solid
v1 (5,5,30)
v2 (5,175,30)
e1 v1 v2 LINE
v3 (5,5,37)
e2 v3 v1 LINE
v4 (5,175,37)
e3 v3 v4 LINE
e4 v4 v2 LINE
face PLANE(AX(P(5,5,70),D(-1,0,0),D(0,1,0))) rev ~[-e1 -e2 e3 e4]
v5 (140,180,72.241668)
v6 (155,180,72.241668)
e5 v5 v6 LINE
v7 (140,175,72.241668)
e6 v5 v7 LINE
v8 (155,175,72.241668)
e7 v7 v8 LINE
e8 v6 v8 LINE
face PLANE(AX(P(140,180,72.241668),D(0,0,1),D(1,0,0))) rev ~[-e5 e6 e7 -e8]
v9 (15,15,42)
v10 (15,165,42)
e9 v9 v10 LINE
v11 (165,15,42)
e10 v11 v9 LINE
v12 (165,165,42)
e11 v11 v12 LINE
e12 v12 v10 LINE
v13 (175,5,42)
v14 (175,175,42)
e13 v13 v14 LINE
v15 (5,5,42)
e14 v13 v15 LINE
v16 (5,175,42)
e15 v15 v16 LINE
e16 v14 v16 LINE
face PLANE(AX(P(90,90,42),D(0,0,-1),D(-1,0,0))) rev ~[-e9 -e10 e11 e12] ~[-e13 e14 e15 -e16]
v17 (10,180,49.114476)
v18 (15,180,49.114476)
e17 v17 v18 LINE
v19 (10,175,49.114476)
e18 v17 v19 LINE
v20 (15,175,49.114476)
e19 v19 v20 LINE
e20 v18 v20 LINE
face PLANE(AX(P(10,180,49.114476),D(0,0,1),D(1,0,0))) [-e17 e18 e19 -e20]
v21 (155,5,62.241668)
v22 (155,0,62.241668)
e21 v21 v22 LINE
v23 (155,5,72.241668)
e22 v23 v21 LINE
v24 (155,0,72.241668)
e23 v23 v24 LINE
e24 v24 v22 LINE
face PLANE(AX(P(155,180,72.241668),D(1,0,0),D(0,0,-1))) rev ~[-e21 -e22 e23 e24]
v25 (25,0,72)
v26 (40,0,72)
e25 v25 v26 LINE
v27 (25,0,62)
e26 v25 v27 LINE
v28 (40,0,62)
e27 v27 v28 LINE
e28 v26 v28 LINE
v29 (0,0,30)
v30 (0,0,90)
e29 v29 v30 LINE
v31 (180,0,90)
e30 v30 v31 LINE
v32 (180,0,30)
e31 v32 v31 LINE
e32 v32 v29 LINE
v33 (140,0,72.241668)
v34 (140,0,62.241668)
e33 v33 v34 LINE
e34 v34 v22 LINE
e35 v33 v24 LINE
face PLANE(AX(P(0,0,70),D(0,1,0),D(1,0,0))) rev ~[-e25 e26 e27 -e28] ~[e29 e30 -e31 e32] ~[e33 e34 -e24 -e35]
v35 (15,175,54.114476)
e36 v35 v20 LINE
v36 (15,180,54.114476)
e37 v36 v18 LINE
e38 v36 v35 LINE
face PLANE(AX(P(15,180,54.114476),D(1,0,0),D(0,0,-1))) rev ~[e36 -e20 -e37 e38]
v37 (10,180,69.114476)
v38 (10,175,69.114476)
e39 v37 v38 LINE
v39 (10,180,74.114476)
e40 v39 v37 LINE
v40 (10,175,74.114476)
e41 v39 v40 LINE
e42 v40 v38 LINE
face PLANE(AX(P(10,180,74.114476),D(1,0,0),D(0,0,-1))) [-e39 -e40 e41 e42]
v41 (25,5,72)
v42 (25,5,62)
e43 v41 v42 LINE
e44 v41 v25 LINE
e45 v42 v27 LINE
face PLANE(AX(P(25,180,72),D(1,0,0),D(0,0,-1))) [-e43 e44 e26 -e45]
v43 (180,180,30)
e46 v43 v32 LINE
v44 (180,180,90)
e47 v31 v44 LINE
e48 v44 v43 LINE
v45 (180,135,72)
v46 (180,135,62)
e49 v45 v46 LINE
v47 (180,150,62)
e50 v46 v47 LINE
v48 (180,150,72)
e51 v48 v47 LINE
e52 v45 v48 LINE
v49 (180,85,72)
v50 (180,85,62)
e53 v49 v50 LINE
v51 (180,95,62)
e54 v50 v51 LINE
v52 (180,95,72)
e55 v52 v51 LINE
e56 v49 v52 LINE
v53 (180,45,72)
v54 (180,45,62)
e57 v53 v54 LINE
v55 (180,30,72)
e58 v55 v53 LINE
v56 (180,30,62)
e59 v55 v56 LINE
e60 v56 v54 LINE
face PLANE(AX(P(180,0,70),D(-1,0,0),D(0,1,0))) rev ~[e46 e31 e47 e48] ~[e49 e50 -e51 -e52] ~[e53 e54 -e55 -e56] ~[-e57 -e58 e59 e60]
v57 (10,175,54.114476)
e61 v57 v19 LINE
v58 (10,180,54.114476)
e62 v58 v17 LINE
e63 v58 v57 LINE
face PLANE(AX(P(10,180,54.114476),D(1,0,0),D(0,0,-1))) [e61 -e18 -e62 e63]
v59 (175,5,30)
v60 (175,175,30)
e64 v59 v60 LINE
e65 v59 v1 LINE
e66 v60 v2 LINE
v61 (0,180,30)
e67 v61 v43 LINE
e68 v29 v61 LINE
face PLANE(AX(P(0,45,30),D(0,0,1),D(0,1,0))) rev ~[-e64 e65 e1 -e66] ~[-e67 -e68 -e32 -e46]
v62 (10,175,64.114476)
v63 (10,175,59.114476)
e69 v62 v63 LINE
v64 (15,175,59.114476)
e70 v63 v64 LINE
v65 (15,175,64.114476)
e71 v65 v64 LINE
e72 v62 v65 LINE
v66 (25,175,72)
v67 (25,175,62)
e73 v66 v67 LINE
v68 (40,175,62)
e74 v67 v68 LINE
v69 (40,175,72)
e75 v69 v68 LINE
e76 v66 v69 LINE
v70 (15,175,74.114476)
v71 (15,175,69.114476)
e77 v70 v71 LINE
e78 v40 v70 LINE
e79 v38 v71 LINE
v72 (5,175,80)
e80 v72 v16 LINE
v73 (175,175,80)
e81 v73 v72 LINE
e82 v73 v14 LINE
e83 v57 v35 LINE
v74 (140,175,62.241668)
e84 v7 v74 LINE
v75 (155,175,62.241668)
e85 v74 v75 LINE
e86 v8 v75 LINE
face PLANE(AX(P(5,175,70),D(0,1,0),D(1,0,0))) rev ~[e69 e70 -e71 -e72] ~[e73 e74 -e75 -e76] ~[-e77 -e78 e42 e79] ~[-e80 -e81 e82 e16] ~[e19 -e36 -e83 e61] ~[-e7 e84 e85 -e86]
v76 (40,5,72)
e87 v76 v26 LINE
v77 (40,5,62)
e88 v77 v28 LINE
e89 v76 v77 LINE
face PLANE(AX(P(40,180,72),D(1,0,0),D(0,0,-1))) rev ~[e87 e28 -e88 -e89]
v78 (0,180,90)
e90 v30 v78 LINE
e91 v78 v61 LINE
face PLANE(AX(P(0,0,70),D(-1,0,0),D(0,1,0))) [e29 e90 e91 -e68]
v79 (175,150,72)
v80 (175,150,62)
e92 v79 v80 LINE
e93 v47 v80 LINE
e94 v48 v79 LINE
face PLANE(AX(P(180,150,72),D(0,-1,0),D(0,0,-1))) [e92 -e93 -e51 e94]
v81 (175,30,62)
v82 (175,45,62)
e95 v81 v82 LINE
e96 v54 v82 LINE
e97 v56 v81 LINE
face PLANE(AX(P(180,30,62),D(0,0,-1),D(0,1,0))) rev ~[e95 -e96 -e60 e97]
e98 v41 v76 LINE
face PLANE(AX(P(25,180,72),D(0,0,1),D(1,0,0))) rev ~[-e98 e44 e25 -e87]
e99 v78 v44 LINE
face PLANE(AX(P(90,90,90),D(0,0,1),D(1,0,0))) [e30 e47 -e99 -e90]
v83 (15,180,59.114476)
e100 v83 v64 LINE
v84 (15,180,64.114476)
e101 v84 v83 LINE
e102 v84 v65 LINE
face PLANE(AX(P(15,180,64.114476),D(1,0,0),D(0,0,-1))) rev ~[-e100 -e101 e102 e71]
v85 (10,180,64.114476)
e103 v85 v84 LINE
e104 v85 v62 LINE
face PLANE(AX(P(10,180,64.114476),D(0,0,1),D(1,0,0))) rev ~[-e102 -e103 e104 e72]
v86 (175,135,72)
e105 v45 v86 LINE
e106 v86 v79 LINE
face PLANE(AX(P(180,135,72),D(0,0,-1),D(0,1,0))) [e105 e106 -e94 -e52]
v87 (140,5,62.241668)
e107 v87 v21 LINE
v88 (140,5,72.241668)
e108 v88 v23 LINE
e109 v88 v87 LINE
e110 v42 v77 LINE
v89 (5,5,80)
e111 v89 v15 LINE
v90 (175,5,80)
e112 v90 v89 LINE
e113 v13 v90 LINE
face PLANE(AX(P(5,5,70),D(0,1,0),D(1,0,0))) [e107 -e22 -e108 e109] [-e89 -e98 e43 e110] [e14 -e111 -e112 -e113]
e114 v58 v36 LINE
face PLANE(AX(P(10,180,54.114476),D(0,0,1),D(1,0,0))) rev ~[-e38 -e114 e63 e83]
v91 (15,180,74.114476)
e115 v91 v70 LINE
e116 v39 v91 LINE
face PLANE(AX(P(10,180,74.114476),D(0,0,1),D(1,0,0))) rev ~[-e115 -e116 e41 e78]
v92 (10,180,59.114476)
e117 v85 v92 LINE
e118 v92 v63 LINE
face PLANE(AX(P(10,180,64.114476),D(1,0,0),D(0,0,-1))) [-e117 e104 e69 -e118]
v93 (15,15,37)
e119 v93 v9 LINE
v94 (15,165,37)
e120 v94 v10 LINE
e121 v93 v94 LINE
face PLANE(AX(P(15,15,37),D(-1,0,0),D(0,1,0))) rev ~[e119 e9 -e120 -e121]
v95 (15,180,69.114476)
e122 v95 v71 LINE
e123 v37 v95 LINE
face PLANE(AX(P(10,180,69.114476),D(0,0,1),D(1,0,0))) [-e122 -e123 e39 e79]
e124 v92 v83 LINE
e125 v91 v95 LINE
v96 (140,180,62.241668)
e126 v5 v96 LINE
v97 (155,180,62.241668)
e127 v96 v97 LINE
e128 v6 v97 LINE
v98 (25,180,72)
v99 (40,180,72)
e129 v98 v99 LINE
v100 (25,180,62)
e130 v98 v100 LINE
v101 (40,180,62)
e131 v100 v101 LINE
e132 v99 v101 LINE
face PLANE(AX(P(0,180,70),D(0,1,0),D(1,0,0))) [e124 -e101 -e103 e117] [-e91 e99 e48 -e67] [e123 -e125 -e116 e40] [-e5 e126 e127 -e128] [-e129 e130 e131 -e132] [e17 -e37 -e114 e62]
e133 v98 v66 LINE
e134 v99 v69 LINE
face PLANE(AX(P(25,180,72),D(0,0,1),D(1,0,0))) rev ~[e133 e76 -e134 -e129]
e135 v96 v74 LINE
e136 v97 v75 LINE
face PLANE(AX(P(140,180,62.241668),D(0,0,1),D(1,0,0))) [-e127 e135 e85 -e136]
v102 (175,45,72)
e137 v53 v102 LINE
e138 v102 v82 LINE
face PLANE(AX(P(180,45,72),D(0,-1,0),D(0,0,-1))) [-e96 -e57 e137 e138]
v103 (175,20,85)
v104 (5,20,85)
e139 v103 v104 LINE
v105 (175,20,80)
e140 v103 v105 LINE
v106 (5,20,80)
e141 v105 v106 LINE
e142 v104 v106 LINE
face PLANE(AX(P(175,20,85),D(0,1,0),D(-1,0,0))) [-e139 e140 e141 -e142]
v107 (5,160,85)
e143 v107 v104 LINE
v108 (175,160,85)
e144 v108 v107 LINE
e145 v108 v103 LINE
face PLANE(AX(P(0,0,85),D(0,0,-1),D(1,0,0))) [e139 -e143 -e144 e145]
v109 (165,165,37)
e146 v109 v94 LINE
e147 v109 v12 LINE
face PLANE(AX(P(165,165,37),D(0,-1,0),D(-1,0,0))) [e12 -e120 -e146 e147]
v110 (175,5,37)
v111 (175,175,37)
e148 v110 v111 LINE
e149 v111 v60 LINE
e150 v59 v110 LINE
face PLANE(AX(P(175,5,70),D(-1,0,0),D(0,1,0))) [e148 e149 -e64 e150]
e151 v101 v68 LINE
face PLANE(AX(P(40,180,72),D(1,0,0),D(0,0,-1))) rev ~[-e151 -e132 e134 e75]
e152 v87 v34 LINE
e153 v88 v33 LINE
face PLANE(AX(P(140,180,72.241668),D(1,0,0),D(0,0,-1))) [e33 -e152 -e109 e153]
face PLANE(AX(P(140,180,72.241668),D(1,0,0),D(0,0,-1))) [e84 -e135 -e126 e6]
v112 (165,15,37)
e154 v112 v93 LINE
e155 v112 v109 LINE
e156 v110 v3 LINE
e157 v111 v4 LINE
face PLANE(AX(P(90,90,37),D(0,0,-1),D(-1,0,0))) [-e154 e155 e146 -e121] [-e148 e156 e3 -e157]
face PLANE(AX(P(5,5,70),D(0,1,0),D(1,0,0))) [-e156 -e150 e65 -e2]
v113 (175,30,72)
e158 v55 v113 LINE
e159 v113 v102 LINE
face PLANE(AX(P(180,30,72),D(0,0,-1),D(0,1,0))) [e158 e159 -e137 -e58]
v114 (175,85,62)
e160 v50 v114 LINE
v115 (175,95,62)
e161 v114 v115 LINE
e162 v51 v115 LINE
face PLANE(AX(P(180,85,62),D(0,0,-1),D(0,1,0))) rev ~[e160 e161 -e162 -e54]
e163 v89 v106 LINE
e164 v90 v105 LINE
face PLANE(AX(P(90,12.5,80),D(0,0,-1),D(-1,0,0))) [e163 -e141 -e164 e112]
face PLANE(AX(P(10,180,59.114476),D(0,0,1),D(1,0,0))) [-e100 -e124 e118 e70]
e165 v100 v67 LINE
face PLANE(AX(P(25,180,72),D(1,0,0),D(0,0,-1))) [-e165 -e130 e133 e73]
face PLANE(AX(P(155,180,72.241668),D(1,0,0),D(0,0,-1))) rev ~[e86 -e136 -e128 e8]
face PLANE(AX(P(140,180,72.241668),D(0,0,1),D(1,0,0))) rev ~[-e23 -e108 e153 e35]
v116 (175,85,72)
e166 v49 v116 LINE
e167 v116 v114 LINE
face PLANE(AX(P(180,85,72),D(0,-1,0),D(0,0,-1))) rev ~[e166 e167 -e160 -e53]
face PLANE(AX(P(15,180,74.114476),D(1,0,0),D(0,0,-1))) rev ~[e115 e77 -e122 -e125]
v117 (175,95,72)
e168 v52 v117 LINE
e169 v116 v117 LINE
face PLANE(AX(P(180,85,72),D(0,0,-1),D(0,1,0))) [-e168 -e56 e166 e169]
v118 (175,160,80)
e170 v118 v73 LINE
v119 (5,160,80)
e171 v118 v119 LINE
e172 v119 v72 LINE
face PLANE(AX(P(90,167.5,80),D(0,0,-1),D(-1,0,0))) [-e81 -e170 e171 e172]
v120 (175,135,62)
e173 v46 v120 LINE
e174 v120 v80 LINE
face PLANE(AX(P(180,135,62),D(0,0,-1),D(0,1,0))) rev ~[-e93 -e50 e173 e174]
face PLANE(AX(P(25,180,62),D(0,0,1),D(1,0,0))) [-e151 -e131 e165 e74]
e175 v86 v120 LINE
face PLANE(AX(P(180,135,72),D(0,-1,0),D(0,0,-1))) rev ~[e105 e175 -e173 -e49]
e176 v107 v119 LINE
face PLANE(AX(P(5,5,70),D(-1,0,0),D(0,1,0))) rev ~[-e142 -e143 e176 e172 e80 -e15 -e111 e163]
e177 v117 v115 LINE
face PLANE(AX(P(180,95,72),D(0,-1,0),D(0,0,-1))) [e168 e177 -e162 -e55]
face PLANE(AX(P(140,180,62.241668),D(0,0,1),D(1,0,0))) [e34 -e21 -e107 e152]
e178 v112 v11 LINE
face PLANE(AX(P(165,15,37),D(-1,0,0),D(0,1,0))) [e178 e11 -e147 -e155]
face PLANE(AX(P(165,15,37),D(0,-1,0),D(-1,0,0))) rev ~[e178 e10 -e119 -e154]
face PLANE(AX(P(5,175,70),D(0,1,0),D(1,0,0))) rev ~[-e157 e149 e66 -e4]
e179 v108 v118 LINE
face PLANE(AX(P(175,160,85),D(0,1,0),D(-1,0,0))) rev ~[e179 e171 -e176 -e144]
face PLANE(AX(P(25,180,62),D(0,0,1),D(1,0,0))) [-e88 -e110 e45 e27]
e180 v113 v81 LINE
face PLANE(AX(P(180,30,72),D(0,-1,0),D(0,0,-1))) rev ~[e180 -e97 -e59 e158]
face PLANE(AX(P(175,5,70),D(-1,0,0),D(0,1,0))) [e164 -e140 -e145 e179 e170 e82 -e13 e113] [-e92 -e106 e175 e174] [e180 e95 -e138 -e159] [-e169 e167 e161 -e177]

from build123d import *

# Parameters (mm, degrees)
SKETCH1_W            = 180
SKETCH1_H            = 180
BOSS_EXTRUDE1_DEPTH  = 10
SKETCH2_W            = 180
SKETCH2_H            = 180
SKETCH2_W_2          = 160
SKETCH2_H_2          = 160
BOSS_EXTRUDE2_DEPTH  = 80
SKETCH3_W            = 160
SKETCH3_H            = 20
BOSS_EXTRUDE4_DEPTH  = 20
SKETCH5_W            = 20
SKETCH5_H            = 180
CUT_EXTRUDE1_DEPTH   = 300
SKETCH6_W            = 160
SKETCH6_H            = 20
CUT_EXTRUDE2_DEPTH   = 5
SKETCH9_W            = 160
SKETCH9_H            = 15
BOSS_EXTRUDE6_DEPTH  = 10
SKETCH11_W           = 28
SKETCH11_H           = 77
CUT_EXTRUDE4_DEPTH   = 10
SKETCH13_W           = 10
SKETCH13_H           = 10
CUT_EXTRUDE5_DEPTH   = 10
SKETCH15_W           = 10
SKETCH15_H           = 180
BOSS_EXTRUDE7_DEPTH  = 30
SKETCH16_W           = 10
SKETCH16_H           = 15
CUT_EXTRUDE6_DEPTH   = 30
SKETCH17_W           = 10
SKETCH17_H           = 10
CUT_EXTRUDE7_DEPTH   = 300
SKETCH22_W           = 20.069553575
SKETCH22_H           = 29.294084881
BOSS_EXTRUDE8_DEPTH  = 10
SKETCH23_W           = 10
SKETCH23_H           = 10
CUT_EXTRUDE11_DEPTH  = 10
SKETCH24_W           = 180
SKETCH24_H           = 30
CUT_EXTRUDE12_DEPTH  = 300
SKETCH26_W           = 18
SKETCH26_H           = 77
BOSS_EXTRUDE9_DEPTH  = 10
SKETCH27_W           = 160
SKETCH27_H           = 160
CUT_EXTRUDE13_DEPTH  = 10
SKETCH28_W           = 180
SKETCH28_H           = 7.5
BOSS_EXTRUDE10_DEPTH = 180
SKETCH29_W           = 160
SKETCH29_H           = 10
BOSS_EXTRUDE11_DEPTH = 5
SKETCH34_W           = 170
SKETCH34_H           = 170
CUT_EXTRUDE14_DEPTH  = 40
SKETCH35_W           = 180
SKETCH35_H           = 180
SKETCH35_W_2         = 170
SKETCH35_H_2         = 170
BOSS_EXTRUDE13_DEPTH = 20
SKETCH36_W           = 180
SKETCH36_H           = 5
BOSS_EXTRUDE14_DEPTH = 180
SKETCH37_W           = 180
SKETCH37_H           = 180
SKETCH37_W_2         = 170
SKETCH37_H_2         = 170
BOSS_EXTRUDE15_DEPTH = 40
SKETCH38_W           = 170
SKETCH38_H           = 15
BOSS_EXTRUDE16_DEPTH = 5
SKETCH39_W           = 10
SKETCH39_H           = 15
SKETCH39_H_2         = 10
CUT_EXTRUDE15_DEPTH  = 5
SKETCH40_W           = 15
SKETCH40_H           = 10
CUT_EXTRUDE16_DEPTH  = 300
SKETCH44_W           = 170
SKETCH44_H           = 170
SKETCH44_W_2         = 150
SKETCH44_H_2         = 150
BOSS_EXTRUDE17_DEPTH = 5
SKETCH45_W           = 5
SKETCH45_H           = 5
CUT_EXTRUDE17_DEPTH  = 5
SKETCH46_W           = 15
SKETCH46_H           = 10
CUT_EXTRUDE18_DEPTH  = 300


with BuildPart() as part:
    # Sketch1 → Boss-Extrude1 (new body)
    with BuildSketch(Plane.XY):
        with Locations((90, 90)):
            Rectangle(SKETCH1_W, SKETCH1_H)
    extrude(amount=BOSS_EXTRUDE1_DEPTH)

    # Sketch2 → Boss-Extrude2 (add)
    with BuildSketch(Plane.XY.offset(10)):
        with Locations((90, 90)):
            Rectangle(SKETCH2_W, SKETCH2_H)
        with Locations((90, 90)):
            Rectangle(SKETCH2_W_2, SKETCH2_H_2, mode=Mode.SUBTRACT)
    extrude(amount=BOSS_EXTRUDE2_DEPTH)

    # Sketch3 → Boss-Extrude4 (add)
    with BuildSketch(Plane.XY.offset(10)):
        with Locations((90, 20)):
            Rectangle(SKETCH3_W, SKETCH3_H)
        with Locations((90, 160)):
            Rectangle(SKETCH3_W, SKETCH3_H)
    extrude(amount=BOSS_EXTRUDE4_DEPTH)

    # Sketch5 → Cut-Extrude1 (cut)
    with BuildSketch(Plane(origin=(180, 0, 0), x_dir=(0, 0, -1), z_dir=(1, 0, 0))):
        with Locations((-80, 90)):
            Rectangle(SKETCH5_W, SKETCH5_H)
    extrude(amount=-CUT_EXTRUDE1_DEPTH, mode=Mode.SUBTRACT)

    # Sketch6 → Cut-Extrude2 (cut)
    with BuildSketch(Plane.XY.offset(30)):
        with Locations((90, 160)):
            Rectangle(SKETCH6_W, SKETCH6_H)
        with Locations((90, 20)):
            Rectangle(SKETCH6_W, SKETCH6_H)
    extrude(amount=-CUT_EXTRUDE2_DEPTH, mode=Mode.SUBTRACT)

    # Sketch9 → Boss-Extrude6 (add)
    with BuildSketch(Plane.XY.offset(62)):
        with Locations((90, 17.5)):
            Rectangle(SKETCH9_W, SKETCH9_H)
        with Locations((90, 162.5)):
            Rectangle(SKETCH9_W, SKETCH9_H)
    extrude(amount=-BOSS_EXTRUDE6_DEPTH)

    # Sketch11 → Cut-Extrude4 (cut)
    with BuildSketch(Plane.ZY):
        with Locations((34, 83.5)):
            Rectangle(SKETCH11_W, SKETCH11_H)
    extrude(amount=-CUT_EXTRUDE4_DEPTH, mode=Mode.SUBTRACT)

    # Sketch13 → Cut-Extrude5 (cut)
    with BuildSketch(Plane(origin=(180, 0, 0), x_dir=(0, 0, -1), z_dir=(1, 0, 0))):
        with Locations((-45.269958147, 35)):
            Rectangle(SKETCH13_W, SKETCH13_H)
        with Locations((-45.269958147, 145)):
            Rectangle(SKETCH13_W, SKETCH13_H)
        with Locations((-45.269958147, 90)):
            Rectangle(SKETCH13_W, SKETCH13_H)
    extrude(amount=-CUT_EXTRUDE5_DEPTH, mode=Mode.SUBTRACT)

    # Sketch15 → Boss-Extrude7 (add)
    with BuildSketch(Plane.XY.offset(70)):
        with Locations((175, 90)):
            Rectangle(SKETCH15_W, SKETCH15_H)
    extrude(amount=-BOSS_EXTRUDE7_DEPTH)

    # Sketch16 → Cut-Extrude6 (cut)
    with BuildSketch(Plane(origin=(180, 0, 0), x_dir=(0, 0, -1), z_dir=(1, 0, 0))):
        with Locations((-45, 37.5)):
            Rectangle(SKETCH16_W, SKETCH16_H)
        with Locations((-45, 90)):
            Rectangle(SKETCH16_W, SKETCH16_H)
        with Locations((-45, 142.5)):
            Rectangle(SKETCH16_W, SKETCH16_H)
    extrude(amount=-CUT_EXTRUDE6_DEPTH, mode=Mode.SUBTRACT)

    # Sketch17 → Cut-Extrude7 (cut)
    with BuildSketch(Plane(origin=(0, 180, 0), x_dir=(1, 0, 0), z_dir=(0, 1, 0))):
        with Locations((25, -45)):
            Rectangle(SKETCH17_W, SKETCH17_H)
        with Locations((155, -45)):
            Rectangle(SKETCH17_W, SKETCH17_H)
    extrude(amount=-CUT_EXTRUDE7_DEPTH, mode=Mode.SUBTRACT)

    # Sketch22 → Boss-Extrude8 (add)
    with BuildSketch(Plane(origin=(180, 0, 0), x_dir=(0, 0, -1), z_dir=(1, 0, 0))):
        with Locations((-44.930981983, 90.571261677)):
            Rectangle(SKETCH22_W, SKETCH22_H)
    extrude(amount=-BOSS_EXTRUDE8_DEPTH)

    # Sketch23 → Cut-Extrude11 (cut)
    with BuildSketch(Plane.XZ):
        with Locations((25, 25)):
            Rectangle(SKETCH23_W, SKETCH23_H)
    extrude(amount=-CUT_EXTRUDE11_DEPTH, mode=Mode.SUBTRACT)

    # Sketch24 → Cut-Extrude12 (cut)
    with BuildSketch(Plane(origin=(0, 180, 0), x_dir=(1, 0, 0), z_dir=(0, 1, 0))):
        with Locations((90, -15)):
            Rectangle(SKETCH24_W, SKETCH24_H)
    extrude(amount=-CUT_EXTRUDE12_DEPTH, mode=Mode.SUBTRACT)

    # Sketch26 → Boss-Extrude9 (add)
    with BuildSketch(Plane.ZY):
        with Locations((39, 83.5)):
            Rectangle(SKETCH26_W, SKETCH26_H)
    extrude(amount=-BOSS_EXTRUDE9_DEPTH)

    # Sketch27 → Cut-Extrude13 (cut)
    with BuildSketch(Plane.XY.offset(62)):
        with Locations((90, 90)):
            Rectangle(SKETCH27_W, SKETCH27_H)
    extrude(amount=-CUT_EXTRUDE13_DEPTH, mode=Mode.SUBTRACT)

    # Sketch28 → Boss-Extrude10 (add)
    with BuildSketch(Plane(origin=(0, 180, 0), x_dir=(1, 0, 0), z_dir=(0, 1, 0))):
        with Locations((90, -66.25)):
            Rectangle(SKETCH28_W, SKETCH28_H)
    extrude(amount=-BOSS_EXTRUDE10_DEPTH)

    # Sketch29 → Boss-Extrude11 (add)
    with BuildSketch(Plane(origin=(0, 0, 62.5), x_dir=(-1, 0, 0), z_dir=(0, 0, -1))):
        with Locations((-90, 165)):
            Rectangle(SKETCH29_W, SKETCH29_H)
        with Locations((-90, 15)):
            Rectangle(SKETCH29_W, SKETCH29_H)
    extrude(amount=BOSS_EXTRUDE11_DEPTH)

    # Sketch34 → Cut-Extrude14 (cut)
    with BuildSketch(Plane(origin=(0, 0, 30), x_dir=(-1, 0, 0), z_dir=(0, 0, -1))):
        with Locations((-90, 90)):
            Rectangle(SKETCH34_W, SKETCH34_H)
    extrude(amount=-CUT_EXTRUDE14_DEPTH, mode=Mode.SUBTRACT)

    # Sketch35 → Boss-Extrude13 (add)
    with BuildSketch(Plane.XY.offset(70)):
        with Locations((90, 90)):
            Rectangle(SKETCH35_W, SKETCH35_H)
        with Locations((90, 90)):
            Rectangle(SKETCH35_W_2, SKETCH35_H_2, mode=Mode.SUBTRACT)
    extrude(amount=BOSS_EXTRUDE13_DEPTH)

    # Sketch36 → Boss-Extrude14 (add)
    with BuildSketch(Plane.XZ):
        with Locations((90, 87.5)):
            Rectangle(SKETCH36_W, SKETCH36_H)
    extrude(amount=-BOSS_EXTRUDE14_DEPTH)

    # Sketch37 → Boss-Extrude15 (add)
    with BuildSketch(Plane(origin=(0, 0, 30), x_dir=(-1, 0, 0), z_dir=(0, 0, -1))):
        with Locations((-90, 90)):
            Rectangle(SKETCH37_W, SKETCH37_H)
        with Locations((-90, 90)):
            Rectangle(SKETCH37_W_2, SKETCH37_H_2, mode=Mode.SUBTRACT)
    extrude(amount=-BOSS_EXTRUDE15_DEPTH)

    # Sketch38 → Boss-Extrude16 (add)
    with BuildSketch(Plane(origin=(0, 0, 85), x_dir=(-1, 0, 0), z_dir=(0, 0, -1))):
        with Locations((-90, 167.5)):
            Rectangle(SKETCH38_W, SKETCH38_H)
        with Locations((-90, 12.5)):
            Rectangle(SKETCH38_W, SKETCH38_H)
    extrude(amount=BOSS_EXTRUDE16_DEPTH)

    # Sketch39 → Cut-Extrude15 (cut)
    with BuildSketch(Plane(origin=(180, 0, 0), x_dir=(0, 0, -1), z_dir=(1, 0, 0))):
        with Locations((-67, 142.5)):
            Rectangle(SKETCH39_W, SKETCH39_H)
        with Locations((-67, 37.5)):
            Rectangle(SKETCH39_W, SKETCH39_H)
        with Locations((-67, 90)):
            Rectangle(SKETCH39_W, SKETCH39_H_2)
    extrude(amount=-CUT_EXTRUDE15_DEPTH, mode=Mode.SUBTRACT)

    # Sketch40 → Cut-Extrude16 (cut)
    with BuildSketch(Plane(origin=(0, 180, 0), x_dir=(1, 0, 0), z_dir=(0, 1, 0))):
        with Locations((32.5, -67)):
            Rectangle(SKETCH40_W, SKETCH40_H)
    extrude(amount=-CUT_EXTRUDE16_DEPTH, mode=Mode.SUBTRACT)

    # Sketch44 → Boss-Extrude17 (add)
    with BuildSketch(Plane(origin=(0, 0, 37), x_dir=(-1, 0, 0), z_dir=(0, 0, -1))):
        with Locations((-90, 90)):
            Rectangle(SKETCH44_W, SKETCH44_H)
        with Locations((-90, 90)):
            Rectangle(SKETCH44_W_2, SKETCH44_H_2, mode=Mode.SUBTRACT)
    extrude(amount=-BOSS_EXTRUDE17_DEPTH)

    # Sketch45 → Cut-Extrude17 (cut)
    with BuildSketch(Plane(origin=(0, 180, 0), x_dir=(1, 0, 0), z_dir=(0, 1, 0))):
        with Locations((12.5, -61.614476268)):
            Rectangle(SKETCH45_W, SKETCH45_H)
        with Locations((12.5, -51.614476268)):
            Rectangle(SKETCH45_W, SKETCH45_H)
        with Locations((12.5, -71.614476268)):
            Rectangle(SKETCH45_W, SKETCH45_H)
    extrude(amount=-CUT_EXTRUDE17_DEPTH, mode=Mode.SUBTRACT)

    # Sketch46 → Cut-Extrude18 (cut)
    with BuildSketch(Plane(origin=(0, 180, 0), x_dir=(1, 0, 0), z_dir=(0, 1, 0))):
        with Locations((147.5, -67.241667744)):
            Rectangle(SKETCH46_W, SKETCH46_H)
    extrude(amount=-CUT_EXTRUDE18_DEPTH, mode=Mode.SUBTRACT)


solid = part.part
